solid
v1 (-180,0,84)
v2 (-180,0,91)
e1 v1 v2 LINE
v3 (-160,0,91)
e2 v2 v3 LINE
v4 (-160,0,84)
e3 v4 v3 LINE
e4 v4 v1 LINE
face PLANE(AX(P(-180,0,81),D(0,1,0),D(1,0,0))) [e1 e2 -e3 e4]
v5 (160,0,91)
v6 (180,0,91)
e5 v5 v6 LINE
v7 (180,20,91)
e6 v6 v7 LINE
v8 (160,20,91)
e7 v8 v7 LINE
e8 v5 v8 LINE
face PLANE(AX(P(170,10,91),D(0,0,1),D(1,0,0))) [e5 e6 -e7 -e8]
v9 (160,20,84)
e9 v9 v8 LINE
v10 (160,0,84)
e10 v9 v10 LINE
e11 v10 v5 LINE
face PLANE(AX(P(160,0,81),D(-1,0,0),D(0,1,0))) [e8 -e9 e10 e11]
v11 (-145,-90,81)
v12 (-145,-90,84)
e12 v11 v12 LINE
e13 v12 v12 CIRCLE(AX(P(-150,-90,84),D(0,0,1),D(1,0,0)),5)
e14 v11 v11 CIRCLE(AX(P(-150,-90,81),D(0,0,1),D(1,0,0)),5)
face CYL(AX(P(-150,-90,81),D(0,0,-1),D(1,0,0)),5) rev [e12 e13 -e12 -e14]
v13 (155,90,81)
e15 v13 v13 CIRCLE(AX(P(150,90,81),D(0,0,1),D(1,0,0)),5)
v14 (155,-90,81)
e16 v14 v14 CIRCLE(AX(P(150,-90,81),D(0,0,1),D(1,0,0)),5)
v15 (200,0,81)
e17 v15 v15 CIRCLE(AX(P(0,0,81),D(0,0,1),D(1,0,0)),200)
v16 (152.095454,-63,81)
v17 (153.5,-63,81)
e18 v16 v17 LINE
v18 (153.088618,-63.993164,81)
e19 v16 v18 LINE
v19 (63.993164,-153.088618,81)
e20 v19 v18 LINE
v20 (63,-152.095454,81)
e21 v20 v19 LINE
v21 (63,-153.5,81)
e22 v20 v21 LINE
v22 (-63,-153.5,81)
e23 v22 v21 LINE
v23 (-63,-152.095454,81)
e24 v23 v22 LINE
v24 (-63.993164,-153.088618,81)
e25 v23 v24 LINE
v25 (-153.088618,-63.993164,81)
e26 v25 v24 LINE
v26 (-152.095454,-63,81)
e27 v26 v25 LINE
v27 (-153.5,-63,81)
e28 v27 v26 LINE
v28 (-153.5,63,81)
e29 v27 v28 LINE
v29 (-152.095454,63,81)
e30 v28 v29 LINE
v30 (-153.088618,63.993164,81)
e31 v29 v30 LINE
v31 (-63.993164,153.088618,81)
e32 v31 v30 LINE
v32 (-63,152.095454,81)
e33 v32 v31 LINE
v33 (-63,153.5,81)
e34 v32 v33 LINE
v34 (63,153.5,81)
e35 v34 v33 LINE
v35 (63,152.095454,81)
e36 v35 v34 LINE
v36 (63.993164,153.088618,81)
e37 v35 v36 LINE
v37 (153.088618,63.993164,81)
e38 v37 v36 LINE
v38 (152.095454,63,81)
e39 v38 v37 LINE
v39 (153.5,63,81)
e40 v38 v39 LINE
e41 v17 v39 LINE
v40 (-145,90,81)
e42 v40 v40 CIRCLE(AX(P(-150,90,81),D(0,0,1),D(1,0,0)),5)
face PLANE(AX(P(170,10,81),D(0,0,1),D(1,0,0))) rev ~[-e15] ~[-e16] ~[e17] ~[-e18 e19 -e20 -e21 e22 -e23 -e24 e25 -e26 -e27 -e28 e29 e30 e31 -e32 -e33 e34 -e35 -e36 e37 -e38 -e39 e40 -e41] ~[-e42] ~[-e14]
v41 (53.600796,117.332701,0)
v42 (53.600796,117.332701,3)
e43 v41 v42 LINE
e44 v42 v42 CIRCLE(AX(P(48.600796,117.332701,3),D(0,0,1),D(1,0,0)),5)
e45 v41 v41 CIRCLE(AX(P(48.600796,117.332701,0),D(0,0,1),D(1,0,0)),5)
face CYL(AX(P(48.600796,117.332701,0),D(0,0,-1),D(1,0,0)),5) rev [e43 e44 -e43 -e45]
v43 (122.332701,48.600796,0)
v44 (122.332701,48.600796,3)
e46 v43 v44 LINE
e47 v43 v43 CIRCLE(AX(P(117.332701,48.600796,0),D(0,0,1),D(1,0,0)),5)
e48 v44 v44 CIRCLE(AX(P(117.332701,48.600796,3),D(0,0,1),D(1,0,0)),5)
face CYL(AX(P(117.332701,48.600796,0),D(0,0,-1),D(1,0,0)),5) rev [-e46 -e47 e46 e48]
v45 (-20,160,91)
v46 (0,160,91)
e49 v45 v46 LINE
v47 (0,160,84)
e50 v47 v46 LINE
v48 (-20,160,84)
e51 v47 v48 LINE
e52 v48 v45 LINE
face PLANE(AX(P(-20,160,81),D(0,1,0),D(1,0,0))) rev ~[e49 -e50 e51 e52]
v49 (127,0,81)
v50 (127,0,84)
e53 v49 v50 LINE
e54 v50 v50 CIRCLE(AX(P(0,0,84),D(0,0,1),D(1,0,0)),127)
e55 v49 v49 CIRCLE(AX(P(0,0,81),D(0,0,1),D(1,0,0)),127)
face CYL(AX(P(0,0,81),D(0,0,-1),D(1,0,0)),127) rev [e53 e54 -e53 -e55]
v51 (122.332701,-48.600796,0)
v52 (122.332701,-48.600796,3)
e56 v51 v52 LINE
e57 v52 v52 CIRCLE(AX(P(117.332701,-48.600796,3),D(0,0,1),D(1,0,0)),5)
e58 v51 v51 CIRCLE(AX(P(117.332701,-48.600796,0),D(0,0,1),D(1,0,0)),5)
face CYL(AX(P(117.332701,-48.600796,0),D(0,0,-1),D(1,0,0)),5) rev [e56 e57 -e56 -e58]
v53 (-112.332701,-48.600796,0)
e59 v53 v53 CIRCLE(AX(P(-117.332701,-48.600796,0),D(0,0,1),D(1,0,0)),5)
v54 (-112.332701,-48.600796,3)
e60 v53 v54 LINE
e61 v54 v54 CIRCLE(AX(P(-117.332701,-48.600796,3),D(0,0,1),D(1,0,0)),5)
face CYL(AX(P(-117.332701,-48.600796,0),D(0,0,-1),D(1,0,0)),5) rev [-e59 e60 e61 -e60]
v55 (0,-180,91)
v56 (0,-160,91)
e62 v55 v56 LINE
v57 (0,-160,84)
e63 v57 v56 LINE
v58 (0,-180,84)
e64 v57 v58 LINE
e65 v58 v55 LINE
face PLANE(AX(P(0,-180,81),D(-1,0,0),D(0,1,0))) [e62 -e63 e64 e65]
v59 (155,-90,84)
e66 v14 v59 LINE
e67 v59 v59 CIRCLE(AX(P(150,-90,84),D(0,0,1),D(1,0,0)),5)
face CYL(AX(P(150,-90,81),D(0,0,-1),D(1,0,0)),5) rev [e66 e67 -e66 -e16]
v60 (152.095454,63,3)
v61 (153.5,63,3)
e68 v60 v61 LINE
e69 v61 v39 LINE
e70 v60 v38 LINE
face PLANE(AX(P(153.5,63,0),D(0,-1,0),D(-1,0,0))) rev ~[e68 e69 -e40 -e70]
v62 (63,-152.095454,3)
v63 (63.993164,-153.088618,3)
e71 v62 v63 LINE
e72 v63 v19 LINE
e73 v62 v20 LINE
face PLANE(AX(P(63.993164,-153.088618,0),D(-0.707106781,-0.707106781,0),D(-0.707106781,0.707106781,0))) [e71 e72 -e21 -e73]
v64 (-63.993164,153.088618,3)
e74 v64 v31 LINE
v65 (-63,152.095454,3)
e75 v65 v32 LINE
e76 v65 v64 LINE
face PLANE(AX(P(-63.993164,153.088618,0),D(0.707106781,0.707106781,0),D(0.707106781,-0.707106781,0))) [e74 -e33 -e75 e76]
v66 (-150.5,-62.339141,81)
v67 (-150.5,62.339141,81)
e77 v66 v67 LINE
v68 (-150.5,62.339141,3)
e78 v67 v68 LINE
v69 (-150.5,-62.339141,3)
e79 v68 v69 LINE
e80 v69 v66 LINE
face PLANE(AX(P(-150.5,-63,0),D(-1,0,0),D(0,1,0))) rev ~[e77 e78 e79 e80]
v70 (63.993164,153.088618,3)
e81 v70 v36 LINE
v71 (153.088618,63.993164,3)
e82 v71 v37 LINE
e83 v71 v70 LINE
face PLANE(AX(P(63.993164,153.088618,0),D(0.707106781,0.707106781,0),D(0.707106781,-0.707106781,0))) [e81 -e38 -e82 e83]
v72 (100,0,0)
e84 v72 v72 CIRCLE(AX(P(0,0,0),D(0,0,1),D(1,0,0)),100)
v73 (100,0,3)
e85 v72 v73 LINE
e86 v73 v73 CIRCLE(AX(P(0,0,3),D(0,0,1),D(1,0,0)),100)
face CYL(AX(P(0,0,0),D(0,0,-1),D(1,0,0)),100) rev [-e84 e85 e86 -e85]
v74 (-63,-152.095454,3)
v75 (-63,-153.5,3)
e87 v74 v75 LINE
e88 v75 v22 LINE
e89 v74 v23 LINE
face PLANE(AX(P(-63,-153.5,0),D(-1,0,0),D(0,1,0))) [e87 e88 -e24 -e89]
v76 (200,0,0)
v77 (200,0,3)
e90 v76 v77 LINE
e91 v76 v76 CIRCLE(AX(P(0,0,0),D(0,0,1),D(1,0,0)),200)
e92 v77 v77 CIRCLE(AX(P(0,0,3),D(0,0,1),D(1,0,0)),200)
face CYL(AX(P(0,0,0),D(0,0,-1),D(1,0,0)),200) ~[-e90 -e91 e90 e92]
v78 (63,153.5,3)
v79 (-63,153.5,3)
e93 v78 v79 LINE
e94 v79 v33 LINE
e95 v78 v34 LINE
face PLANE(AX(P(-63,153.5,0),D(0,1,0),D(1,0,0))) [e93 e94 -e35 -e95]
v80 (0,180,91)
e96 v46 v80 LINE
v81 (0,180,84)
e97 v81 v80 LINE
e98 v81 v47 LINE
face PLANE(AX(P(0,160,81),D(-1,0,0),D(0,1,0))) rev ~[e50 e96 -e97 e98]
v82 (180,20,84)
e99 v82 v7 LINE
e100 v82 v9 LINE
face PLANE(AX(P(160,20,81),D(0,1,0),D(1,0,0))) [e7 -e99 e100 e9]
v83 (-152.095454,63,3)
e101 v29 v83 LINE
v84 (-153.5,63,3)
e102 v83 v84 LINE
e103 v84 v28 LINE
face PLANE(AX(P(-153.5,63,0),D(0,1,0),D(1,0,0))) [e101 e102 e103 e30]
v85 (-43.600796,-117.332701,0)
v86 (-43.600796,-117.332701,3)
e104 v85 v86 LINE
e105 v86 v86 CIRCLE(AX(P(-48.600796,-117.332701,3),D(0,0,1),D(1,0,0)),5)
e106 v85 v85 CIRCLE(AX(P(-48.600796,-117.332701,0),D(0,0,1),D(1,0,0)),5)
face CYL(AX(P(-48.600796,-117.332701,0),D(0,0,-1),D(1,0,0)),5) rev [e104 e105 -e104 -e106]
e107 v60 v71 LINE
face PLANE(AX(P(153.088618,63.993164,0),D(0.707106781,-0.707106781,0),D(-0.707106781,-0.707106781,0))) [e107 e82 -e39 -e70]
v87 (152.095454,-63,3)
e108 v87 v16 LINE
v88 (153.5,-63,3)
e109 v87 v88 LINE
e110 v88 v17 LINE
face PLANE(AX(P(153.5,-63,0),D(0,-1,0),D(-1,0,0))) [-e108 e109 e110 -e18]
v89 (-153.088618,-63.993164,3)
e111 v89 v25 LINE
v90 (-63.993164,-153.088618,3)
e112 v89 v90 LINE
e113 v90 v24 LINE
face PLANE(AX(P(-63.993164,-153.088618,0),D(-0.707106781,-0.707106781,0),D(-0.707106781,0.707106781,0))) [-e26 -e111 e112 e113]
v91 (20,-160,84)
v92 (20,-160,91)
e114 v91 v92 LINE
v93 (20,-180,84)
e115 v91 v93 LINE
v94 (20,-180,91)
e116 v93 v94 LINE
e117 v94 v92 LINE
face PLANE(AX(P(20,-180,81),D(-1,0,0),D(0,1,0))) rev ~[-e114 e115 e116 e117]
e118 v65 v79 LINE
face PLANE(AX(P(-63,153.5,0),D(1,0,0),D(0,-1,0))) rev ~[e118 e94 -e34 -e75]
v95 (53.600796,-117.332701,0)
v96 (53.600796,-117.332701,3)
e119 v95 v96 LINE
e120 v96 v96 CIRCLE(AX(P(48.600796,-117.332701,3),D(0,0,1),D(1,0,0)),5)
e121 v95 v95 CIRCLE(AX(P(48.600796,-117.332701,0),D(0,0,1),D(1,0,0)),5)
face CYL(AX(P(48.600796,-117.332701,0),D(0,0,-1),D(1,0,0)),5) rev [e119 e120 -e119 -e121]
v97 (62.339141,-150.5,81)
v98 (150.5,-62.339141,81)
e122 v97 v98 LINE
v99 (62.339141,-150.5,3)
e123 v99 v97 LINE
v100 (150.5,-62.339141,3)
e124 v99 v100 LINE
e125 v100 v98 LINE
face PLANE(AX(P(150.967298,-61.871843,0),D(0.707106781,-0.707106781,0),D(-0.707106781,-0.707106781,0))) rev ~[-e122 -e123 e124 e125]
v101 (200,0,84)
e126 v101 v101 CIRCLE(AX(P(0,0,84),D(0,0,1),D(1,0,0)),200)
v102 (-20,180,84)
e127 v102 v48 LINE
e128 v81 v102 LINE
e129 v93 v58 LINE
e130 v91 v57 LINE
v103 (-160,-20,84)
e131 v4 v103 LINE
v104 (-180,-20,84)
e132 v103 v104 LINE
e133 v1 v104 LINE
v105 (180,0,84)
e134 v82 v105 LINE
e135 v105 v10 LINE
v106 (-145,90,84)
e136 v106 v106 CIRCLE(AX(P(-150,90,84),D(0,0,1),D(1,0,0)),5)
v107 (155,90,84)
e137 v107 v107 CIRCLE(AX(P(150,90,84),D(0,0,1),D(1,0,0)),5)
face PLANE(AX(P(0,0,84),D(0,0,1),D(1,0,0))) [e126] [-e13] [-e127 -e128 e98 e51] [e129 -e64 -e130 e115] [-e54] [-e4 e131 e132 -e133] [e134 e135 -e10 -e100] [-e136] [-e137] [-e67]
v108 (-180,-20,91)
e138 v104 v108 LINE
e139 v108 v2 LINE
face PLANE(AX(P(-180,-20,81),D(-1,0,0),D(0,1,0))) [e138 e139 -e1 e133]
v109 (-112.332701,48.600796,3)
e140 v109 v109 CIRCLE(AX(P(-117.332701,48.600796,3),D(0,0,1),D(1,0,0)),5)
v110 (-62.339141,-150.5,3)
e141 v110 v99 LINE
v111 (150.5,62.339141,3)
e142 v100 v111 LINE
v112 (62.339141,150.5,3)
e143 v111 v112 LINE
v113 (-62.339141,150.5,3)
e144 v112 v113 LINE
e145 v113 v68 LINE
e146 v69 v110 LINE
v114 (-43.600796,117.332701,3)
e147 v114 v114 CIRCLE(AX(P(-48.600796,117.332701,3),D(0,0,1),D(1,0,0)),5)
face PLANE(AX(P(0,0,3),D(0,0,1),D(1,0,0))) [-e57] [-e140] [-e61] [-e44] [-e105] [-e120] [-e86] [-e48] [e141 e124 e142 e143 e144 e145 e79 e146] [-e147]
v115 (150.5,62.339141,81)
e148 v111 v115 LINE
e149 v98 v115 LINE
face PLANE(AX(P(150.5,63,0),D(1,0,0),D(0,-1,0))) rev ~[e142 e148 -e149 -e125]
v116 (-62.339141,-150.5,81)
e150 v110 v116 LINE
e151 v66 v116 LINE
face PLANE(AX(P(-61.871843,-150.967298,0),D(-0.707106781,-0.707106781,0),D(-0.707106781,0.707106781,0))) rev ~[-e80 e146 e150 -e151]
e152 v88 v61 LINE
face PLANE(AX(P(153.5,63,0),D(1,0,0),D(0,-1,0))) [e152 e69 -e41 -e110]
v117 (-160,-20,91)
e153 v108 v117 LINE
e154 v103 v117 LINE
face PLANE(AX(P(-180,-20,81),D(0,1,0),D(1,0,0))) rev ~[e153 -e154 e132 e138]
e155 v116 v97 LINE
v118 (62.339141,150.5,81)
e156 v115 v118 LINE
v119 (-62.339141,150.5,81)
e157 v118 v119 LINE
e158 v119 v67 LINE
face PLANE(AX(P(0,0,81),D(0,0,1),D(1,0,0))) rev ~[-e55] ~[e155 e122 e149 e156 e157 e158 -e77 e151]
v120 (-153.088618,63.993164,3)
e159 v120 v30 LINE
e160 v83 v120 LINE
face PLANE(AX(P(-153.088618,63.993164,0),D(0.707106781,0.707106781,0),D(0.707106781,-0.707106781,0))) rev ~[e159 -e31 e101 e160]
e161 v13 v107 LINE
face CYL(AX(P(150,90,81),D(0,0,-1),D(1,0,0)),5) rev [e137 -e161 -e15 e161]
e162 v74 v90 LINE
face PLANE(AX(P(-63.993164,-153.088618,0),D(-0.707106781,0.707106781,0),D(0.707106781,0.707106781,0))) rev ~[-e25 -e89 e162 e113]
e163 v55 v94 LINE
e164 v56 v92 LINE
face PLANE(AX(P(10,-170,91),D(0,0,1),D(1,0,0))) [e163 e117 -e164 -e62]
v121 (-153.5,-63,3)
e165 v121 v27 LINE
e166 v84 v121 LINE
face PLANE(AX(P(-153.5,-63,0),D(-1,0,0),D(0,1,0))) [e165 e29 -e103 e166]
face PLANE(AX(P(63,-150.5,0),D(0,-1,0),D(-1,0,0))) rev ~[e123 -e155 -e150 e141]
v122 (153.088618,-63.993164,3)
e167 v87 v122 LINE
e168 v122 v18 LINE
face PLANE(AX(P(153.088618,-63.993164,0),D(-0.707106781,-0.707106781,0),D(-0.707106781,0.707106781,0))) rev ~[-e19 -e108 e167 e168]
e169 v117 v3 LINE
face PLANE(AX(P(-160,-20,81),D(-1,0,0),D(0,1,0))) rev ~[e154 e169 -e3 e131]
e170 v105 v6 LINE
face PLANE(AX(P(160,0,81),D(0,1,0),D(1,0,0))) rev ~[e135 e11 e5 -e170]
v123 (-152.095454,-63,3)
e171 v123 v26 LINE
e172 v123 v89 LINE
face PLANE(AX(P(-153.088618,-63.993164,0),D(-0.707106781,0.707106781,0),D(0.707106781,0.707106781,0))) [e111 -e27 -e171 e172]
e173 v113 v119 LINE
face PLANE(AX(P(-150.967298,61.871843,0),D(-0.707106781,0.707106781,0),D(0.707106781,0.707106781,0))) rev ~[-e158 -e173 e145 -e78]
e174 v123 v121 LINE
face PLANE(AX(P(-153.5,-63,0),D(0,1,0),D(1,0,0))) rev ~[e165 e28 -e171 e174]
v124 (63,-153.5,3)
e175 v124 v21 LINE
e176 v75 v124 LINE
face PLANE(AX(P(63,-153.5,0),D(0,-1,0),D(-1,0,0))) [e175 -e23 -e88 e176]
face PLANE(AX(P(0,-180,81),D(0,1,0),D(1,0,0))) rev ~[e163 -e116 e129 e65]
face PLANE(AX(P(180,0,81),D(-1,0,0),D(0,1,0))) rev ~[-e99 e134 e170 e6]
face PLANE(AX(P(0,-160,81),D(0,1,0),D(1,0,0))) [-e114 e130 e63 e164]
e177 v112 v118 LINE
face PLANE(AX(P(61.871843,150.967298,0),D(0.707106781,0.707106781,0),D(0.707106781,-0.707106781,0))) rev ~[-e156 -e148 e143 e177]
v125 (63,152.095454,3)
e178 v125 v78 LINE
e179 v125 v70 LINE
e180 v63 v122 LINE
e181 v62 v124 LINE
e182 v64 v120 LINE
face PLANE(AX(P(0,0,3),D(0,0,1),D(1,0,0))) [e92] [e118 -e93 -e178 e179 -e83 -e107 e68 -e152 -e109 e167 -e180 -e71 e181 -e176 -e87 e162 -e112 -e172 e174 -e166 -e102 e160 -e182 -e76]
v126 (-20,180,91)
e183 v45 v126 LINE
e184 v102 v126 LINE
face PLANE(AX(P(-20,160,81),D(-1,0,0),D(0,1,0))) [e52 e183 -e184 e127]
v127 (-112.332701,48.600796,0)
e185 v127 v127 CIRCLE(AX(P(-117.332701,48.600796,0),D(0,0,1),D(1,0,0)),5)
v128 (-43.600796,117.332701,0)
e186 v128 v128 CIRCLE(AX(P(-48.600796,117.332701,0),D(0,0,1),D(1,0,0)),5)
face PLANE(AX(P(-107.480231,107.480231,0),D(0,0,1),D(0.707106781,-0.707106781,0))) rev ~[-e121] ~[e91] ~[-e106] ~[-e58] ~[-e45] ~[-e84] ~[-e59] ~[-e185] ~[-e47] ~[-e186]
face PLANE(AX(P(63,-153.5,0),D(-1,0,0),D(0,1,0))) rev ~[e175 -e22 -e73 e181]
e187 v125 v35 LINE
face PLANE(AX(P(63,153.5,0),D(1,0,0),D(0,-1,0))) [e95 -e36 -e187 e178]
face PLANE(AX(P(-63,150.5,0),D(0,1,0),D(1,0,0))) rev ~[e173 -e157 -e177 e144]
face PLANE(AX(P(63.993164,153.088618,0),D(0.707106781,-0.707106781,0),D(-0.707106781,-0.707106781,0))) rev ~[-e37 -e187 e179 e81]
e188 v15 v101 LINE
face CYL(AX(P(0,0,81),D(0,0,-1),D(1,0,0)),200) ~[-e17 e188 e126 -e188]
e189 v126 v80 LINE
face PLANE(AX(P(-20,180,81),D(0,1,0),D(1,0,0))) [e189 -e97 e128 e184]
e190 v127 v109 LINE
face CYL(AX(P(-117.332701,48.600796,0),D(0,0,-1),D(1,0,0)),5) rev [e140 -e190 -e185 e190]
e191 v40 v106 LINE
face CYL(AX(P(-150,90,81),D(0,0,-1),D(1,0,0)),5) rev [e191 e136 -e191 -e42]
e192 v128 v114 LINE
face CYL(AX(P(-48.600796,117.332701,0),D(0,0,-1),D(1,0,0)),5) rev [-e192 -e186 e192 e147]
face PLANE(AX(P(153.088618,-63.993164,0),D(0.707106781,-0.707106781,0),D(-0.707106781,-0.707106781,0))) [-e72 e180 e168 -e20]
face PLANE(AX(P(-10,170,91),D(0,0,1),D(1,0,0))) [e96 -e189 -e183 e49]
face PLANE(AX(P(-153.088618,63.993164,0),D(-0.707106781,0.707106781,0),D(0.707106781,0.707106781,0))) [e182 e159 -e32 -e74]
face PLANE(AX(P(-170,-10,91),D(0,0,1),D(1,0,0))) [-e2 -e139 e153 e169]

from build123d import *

# Parameters (mm, degrees)
SKETCH_R           = 200
SKETCH_R_2         = 100
SKETCH_R_3         = 5
PAD_DEPTH          = 3
SKETCH001_W        = 3
SKETCH001_H        = 126
PAD001_DEPTH       = 84
SKETCH002_R        = 200
SKETCH002_R_2      = 127
SKETCH002_R_3      = 5
PAD002_DEPTH       = 3
POLARPATTERN_COUNT = 8
SKETCH003_W        = 20
SKETCH003_H        = 20
PAD003_DEPTH       = 10


with BuildPart() as part:
    # Sketch → Pad (new body)
    with BuildSketch(Plane.XY):
        Circle(SKETCH_R)
        Circle(SKETCH_R_2, mode=Mode.SUBTRACT)
        with Locations((-117.332701, 48.600796)):
            Circle(SKETCH_R_3, mode=Mode.SUBTRACT)
        with Locations((-48.600796, 117.332701)):
            Circle(SKETCH_R_3, mode=Mode.SUBTRACT)
        with Locations((48.600796, 117.332701)):
            Circle(SKETCH_R_3, mode=Mode.SUBTRACT)
        with Locations((117.332701, 48.600796)):
            Circle(SKETCH_R_3, mode=Mode.SUBTRACT)
        with Locations((117.332701, -48.600796)):
            Circle(SKETCH_R_3, mode=Mode.SUBTRACT)
        with Locations((48.600796, -117.332701)):
            Circle(SKETCH_R_3, mode=Mode.SUBTRACT)
        with Locations((-48.600796, -117.332701)):
            Circle(SKETCH_R_3, mode=Mode.SUBTRACT)
        with Locations((-117.332701, -48.600796)):
            Circle(SKETCH_R_3, mode=Mode.SUBTRACT)
    extrude(amount=PAD_DEPTH)

    # Sketch001 → Pad001 (join)
    with BuildSketch(Plane.XY):
        with Locations((-152, 0)):
            Rectangle(SKETCH001_W, SKETCH001_H)
    pad001 = extrude(amount=PAD001_DEPTH)

    # Sketch002 (on DatumPlane) → Pad002 (join)
    with BuildSketch(Plane.XY.offset(81)):
        Circle(SKETCH002_R)
        Circle(SKETCH002_R_2, mode=Mode.SUBTRACT)
        with Locations((-150, 90)):
            Circle(SKETCH002_R_3, mode=Mode.SUBTRACT)
        with Locations((-150, -90)):
            Circle(SKETCH002_R_3, mode=Mode.SUBTRACT)
        with Locations((150, 90)):
            Circle(SKETCH002_R_3, mode=Mode.SUBTRACT)
        with Locations((150, -90)):
            Circle(SKETCH002_R_3, mode=Mode.SUBTRACT)
    extrude(amount=PAD002_DEPTH)

    # PolarPattern: Pad001 ×8 about axis
    polarpattern_axis = Axis((0, 0, 0), (0, 0, 1))
    for i in range(1, POLARPATTERN_COUNT):
        add(pad001.rotate(polarpattern_axis, i * 360 / POLARPATTERN_COUNT))

    # Sketch003 (on DatumPlane) → Pad003 (join)
    with BuildSketch(Plane.XY.offset(81)):
        with Locations((170, 10)):
            Rectangle(SKETCH003_W, SKETCH003_H)
        with Locations((-10, 170)):
            Rectangle(SKETCH003_W, SKETCH003_H)
        with Locations((-170, -10)):
            Rectangle(SKETCH003_W, SKETCH003_H)
        with Locations((10, -170)):
            Rectangle(SKETCH003_W, SKETCH003_H)
    extrude(amount=PAD003_DEPTH)


solid = part.part
